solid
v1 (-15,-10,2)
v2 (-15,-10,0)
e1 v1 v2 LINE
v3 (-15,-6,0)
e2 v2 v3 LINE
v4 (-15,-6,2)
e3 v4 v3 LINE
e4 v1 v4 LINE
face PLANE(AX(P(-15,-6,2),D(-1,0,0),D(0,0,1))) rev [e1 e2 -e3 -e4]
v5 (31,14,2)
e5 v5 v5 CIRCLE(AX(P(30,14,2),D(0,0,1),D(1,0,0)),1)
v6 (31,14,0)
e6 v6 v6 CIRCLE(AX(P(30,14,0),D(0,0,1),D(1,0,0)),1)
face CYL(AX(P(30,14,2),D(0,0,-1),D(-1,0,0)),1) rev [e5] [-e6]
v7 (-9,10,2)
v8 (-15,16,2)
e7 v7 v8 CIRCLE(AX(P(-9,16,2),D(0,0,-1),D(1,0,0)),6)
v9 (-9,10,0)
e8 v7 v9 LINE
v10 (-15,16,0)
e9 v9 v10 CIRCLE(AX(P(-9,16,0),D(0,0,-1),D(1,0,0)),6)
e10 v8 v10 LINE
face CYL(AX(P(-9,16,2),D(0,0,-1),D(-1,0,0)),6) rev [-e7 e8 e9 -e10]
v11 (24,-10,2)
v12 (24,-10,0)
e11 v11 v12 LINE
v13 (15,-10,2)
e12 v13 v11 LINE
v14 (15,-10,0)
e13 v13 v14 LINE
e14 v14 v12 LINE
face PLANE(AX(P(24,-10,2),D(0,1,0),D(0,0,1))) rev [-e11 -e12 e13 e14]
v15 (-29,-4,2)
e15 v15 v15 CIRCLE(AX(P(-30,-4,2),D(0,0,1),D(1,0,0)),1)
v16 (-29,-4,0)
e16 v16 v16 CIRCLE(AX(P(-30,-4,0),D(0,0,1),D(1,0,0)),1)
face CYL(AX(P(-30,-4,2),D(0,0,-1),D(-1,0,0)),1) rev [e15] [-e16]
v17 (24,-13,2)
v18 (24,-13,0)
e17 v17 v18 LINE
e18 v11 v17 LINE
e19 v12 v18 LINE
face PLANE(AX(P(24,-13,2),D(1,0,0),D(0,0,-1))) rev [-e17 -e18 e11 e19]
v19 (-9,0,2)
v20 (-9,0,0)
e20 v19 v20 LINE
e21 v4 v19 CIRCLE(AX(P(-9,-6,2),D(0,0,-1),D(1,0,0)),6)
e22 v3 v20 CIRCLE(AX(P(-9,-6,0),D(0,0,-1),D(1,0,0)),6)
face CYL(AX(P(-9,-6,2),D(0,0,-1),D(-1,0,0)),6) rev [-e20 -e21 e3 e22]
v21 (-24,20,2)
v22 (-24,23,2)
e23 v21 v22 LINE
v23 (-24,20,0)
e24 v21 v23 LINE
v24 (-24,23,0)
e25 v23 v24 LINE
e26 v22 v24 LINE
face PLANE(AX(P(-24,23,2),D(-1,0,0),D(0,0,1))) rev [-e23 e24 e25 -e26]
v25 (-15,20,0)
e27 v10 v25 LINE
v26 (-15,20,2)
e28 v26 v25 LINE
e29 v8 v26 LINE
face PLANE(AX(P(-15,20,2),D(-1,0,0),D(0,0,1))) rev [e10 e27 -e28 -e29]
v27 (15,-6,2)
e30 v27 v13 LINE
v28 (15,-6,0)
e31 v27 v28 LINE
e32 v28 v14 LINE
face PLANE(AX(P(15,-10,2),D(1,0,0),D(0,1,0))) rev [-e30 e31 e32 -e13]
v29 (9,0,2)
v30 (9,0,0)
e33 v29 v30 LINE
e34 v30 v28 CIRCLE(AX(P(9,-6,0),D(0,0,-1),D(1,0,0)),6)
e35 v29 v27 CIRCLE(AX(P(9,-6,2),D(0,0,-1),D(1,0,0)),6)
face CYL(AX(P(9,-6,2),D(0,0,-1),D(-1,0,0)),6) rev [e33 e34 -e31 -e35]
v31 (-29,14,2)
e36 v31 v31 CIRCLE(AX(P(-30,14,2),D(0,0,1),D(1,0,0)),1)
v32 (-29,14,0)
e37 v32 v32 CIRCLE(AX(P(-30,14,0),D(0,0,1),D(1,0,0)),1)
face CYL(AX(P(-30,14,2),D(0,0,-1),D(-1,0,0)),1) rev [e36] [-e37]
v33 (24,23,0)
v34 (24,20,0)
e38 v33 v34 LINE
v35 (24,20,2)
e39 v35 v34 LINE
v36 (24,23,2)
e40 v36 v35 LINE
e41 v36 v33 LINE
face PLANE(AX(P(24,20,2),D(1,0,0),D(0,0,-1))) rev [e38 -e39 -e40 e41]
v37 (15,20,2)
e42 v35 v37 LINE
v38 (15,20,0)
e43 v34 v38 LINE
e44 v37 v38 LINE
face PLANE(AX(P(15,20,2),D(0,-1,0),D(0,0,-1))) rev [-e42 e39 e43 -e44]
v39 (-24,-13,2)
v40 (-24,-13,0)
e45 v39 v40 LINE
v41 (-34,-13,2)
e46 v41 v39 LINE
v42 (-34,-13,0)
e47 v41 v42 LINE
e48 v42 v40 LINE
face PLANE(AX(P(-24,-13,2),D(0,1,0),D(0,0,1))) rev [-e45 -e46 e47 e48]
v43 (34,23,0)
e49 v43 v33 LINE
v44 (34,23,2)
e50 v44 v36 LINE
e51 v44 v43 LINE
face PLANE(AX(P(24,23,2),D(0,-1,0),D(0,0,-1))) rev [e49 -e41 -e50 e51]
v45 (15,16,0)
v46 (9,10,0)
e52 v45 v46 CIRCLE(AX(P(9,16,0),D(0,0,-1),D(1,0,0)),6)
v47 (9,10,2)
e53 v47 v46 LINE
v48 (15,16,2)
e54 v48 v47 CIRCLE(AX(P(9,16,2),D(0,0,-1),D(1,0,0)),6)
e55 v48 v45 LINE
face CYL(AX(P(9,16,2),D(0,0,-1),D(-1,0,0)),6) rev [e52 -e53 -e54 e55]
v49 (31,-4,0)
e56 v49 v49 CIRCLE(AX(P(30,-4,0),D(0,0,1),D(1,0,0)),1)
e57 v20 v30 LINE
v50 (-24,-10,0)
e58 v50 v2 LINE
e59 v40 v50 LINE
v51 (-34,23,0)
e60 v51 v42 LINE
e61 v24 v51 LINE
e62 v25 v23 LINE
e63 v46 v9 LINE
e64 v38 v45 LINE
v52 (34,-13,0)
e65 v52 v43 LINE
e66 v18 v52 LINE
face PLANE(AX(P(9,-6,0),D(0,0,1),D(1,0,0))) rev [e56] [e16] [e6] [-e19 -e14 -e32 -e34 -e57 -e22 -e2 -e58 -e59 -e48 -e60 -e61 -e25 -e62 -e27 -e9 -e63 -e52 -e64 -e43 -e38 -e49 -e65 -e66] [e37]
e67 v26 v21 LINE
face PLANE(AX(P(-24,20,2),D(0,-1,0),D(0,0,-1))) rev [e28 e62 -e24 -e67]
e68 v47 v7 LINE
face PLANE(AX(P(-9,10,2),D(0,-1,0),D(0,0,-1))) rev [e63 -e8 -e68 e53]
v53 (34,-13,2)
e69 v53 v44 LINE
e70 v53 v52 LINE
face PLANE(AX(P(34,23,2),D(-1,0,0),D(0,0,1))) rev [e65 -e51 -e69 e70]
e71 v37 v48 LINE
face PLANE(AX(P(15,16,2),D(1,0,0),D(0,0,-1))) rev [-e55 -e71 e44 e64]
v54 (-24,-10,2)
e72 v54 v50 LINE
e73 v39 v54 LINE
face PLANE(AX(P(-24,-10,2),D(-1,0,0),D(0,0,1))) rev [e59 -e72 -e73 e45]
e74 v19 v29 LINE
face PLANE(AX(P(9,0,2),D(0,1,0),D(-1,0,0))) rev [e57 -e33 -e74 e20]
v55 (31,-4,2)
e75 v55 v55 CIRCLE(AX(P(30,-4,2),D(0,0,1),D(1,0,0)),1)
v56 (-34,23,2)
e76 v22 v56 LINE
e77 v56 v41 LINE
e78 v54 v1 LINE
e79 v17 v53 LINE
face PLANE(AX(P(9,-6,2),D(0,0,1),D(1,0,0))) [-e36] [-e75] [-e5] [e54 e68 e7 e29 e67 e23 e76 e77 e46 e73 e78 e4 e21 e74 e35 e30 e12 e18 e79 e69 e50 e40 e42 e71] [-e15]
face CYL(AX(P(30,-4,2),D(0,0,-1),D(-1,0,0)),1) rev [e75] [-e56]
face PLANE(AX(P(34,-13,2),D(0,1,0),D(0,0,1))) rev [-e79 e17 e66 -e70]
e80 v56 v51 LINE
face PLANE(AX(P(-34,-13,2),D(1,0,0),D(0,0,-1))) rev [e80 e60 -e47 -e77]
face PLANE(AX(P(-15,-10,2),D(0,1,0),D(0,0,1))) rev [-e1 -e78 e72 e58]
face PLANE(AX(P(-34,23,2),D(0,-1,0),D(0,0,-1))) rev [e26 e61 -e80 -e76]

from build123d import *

# Parameters (mm, degrees)
MODEL_R         = 1
EXTRUDE_1_DEPTH = 2


with BuildPart() as part:
    # Model → Бобышка-Вытянуть1 (new body)
    with BuildSketch(Plane.XY):
        with BuildLine():
            Line((15, 20), (24, 20))
            Line((24, 20), (24, 23))
            Line((24, 23), (34, 23))
            Line((34, 23), (34, -13))
            Line((34, -13), (24, -13))
            Line((24, -13), (24, -10))
            Line((24, -10), (15, -10))
            Line((15, -10), (15, -6))
            ThreePointArc((15, -6), (13.242640687, -1.757359313), (9, 0))
            Line((9, 0), (-9, 0))
            ThreePointArc((-9, 0), (-13.242640687, -1.757359313), (-15, -6))
            Line((-15, -6), (-15, -10))
            Line((-15, -10), (-24, -10))
            Line((-24, -10), (-24, -13))
            Line((-24, -13), (-34, -13))
            Line((-34, -13), (-34, 23))
            Line((-34, 23), (-24, 23))
            Line((-24, 23), (-24, 20))
            Line((-24, 20), (-15, 20))
            Line((-15, 20), (-15, 16))
            ThreePointArc((-15, 16), (-13.242640687, 11.757359313), (-9, 10))
            Line((-9, 10), (9, 10))
            ThreePointArc((9, 10), (13.242640687, 11.757359313), (15, 16))
            Line((15, 16), (15, 20))
        make_face()
        with Locations((30, -4)):
            Circle(MODEL_R, mode=Mode.SUBTRACT)
        with Locations((30, 14)):
            Circle(MODEL_R, mode=Mode.SUBTRACT)
        with Locations((-30, 14)):
            Circle(MODEL_R, mode=Mode.SUBTRACT)
        with Locations((-30, -4)):
            Circle(MODEL_R, mode=Mode.SUBTRACT)
    extrude(amount=EXTRUDE_1_DEPTH)


solid = part.part
